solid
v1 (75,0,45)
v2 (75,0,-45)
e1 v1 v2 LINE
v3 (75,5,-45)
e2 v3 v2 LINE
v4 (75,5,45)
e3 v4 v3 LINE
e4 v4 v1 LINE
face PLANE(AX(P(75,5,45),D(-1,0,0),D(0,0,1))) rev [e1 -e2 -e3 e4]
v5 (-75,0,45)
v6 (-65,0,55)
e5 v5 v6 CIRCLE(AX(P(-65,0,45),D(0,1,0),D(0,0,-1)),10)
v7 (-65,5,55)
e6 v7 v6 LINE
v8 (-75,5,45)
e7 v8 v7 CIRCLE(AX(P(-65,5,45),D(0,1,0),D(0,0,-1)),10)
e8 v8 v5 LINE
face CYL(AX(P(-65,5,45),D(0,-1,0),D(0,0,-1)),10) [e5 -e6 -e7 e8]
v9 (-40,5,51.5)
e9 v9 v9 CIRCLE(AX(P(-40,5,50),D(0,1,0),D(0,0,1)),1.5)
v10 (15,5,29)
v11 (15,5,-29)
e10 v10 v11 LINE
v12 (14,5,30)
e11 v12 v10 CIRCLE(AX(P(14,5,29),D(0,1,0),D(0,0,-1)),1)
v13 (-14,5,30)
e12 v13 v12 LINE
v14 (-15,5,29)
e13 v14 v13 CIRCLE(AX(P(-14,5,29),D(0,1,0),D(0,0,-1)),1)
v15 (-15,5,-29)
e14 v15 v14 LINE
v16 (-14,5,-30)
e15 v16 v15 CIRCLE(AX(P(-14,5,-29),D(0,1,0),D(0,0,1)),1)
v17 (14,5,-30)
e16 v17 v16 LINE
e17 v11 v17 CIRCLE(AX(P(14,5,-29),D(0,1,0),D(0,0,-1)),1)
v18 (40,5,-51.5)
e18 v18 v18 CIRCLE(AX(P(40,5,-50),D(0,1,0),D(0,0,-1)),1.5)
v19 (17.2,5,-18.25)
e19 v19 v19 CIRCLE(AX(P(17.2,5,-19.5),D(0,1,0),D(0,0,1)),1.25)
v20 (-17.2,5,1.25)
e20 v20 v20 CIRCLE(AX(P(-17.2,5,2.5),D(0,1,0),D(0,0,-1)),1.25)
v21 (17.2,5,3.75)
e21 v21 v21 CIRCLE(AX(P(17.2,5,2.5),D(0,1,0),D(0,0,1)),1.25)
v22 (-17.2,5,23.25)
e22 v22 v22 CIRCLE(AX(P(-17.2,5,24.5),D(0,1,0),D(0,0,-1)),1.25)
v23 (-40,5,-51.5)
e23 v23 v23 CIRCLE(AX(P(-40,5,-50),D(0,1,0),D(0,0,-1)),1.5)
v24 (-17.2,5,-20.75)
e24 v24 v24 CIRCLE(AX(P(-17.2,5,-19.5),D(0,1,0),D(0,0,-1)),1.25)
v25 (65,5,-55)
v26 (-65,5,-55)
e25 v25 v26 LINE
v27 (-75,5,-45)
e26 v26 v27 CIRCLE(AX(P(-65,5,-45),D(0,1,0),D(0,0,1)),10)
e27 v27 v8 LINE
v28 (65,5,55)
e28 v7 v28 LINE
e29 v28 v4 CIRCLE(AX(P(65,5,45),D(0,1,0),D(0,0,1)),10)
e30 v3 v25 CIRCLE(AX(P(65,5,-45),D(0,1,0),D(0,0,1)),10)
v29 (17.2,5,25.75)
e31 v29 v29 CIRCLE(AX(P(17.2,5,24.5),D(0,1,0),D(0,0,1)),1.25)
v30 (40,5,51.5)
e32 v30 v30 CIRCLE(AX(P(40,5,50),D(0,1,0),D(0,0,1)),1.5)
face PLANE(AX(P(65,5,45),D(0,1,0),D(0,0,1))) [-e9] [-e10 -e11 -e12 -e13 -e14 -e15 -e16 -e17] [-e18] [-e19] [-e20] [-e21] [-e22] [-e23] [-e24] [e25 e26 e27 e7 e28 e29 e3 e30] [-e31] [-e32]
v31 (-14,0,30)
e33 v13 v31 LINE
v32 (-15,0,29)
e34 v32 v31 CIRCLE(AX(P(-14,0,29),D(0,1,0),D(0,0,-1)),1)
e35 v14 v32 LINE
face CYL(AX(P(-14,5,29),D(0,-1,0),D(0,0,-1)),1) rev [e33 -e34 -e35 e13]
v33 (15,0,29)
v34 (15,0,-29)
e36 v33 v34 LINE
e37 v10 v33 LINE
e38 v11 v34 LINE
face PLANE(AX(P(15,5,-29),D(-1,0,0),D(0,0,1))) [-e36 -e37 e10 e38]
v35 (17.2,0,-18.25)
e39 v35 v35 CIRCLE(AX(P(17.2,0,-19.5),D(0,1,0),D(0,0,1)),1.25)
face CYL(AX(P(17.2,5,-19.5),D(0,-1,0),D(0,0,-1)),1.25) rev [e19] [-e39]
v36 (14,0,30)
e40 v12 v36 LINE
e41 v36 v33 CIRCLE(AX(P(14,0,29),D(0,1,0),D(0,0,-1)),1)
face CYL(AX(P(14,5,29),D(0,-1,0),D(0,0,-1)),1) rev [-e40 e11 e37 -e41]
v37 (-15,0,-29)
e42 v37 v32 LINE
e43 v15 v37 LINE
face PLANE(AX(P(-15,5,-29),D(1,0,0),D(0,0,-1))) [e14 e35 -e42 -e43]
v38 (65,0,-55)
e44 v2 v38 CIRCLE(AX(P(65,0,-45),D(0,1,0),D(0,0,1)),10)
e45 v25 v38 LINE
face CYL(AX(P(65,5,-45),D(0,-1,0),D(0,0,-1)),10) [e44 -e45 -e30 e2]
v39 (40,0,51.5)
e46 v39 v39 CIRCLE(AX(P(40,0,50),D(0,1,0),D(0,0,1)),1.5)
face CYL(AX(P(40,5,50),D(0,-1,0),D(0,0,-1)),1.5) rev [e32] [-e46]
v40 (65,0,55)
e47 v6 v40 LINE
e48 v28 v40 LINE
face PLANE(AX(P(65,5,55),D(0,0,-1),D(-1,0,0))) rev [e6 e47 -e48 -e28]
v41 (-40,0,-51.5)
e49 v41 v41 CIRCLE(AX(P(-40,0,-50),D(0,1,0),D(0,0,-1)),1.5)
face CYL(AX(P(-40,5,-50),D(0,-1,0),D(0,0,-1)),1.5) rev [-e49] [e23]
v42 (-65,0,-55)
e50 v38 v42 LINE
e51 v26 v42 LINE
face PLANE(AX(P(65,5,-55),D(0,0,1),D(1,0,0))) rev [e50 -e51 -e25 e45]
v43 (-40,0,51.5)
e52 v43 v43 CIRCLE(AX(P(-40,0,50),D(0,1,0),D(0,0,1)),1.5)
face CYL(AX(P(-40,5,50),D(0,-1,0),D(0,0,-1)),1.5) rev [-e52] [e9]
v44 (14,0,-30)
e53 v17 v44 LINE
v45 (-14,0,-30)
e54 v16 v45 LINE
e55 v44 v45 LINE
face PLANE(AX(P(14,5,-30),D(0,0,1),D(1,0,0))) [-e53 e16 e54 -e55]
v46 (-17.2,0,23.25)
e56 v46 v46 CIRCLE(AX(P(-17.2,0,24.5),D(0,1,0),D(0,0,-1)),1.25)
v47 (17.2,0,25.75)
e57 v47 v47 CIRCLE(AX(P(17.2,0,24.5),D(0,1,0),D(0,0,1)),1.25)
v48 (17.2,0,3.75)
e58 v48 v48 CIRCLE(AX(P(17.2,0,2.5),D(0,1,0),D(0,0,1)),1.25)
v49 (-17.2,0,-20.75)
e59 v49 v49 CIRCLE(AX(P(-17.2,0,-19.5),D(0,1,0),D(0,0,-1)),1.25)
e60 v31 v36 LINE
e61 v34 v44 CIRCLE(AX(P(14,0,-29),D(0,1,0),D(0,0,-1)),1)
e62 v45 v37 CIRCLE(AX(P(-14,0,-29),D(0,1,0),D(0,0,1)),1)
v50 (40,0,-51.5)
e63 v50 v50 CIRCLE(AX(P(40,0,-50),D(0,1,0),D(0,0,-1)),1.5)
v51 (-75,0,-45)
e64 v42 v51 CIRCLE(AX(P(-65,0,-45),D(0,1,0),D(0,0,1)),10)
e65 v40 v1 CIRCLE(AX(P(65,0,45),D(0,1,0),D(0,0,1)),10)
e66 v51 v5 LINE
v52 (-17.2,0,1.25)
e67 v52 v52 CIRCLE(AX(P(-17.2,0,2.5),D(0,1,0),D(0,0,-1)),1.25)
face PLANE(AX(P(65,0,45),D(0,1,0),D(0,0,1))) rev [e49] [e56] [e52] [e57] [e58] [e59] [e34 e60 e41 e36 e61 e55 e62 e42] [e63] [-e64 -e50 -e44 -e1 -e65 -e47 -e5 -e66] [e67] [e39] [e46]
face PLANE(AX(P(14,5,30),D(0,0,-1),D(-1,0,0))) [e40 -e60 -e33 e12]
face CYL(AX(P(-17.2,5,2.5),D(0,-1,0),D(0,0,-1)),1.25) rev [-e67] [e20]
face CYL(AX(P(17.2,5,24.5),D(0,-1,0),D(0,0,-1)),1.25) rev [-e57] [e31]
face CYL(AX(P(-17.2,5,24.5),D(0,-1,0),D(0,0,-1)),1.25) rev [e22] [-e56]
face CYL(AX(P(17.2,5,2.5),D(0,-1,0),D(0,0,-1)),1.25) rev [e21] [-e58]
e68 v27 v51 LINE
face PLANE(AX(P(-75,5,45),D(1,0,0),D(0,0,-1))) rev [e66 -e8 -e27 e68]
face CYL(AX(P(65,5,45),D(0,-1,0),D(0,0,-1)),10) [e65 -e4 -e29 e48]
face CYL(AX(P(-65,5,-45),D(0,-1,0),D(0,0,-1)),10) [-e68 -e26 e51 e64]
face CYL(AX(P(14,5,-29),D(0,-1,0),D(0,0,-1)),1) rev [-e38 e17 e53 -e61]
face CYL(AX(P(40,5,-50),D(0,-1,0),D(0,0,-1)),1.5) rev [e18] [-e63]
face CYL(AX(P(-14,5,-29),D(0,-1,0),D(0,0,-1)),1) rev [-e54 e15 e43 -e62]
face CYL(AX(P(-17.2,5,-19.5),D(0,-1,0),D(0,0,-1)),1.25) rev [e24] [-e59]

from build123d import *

# Parameters (mm, degrees)
ESBO_O1_R                = 1.5
ESBO_O1_R_2              = 1.25
RESSALTO_EXTRUS_O1_DEPTH = 5


with BuildPart() as part:
    # Esboço1 → Ressalto-extrusão1 (new body)
    with BuildSketch(Plane(origin=(0, 0, 0), x_dir=(1, 0, 0), z_dir=(0, 1, 0))):
        with BuildLine():
            Line((65, -55), (-65, -55))
            ThreePointArc((-65, -55), (-72.071067812, -52.071067812), (-75, -45))
            Line((-75, -45), (-75, 45))
            ThreePointArc((-75, 45), (-72.071067812, 52.071067812), (-65, 55))
            Line((-65, 55), (65, 55))
            ThreePointArc((65, 55), (72.071067812, 52.071067812), (75, 45))
            Line((75, 45), (75, -45))
            ThreePointArc((75, -45), (72.071067812, -52.071067812), (65, -55))
        make_face()
        with Locations(Location((-40, -50, 0), (0, 0, 270))):
            Circle(ESBO_O1_R, mode=Mode.SUBTRACT)
        with Locations(Location((40, -50, 0), (0, 0, 270))):
            Circle(ESBO_O1_R, mode=Mode.SUBTRACT)
        with Locations(Location((40, 50, 0), (0, 0, 90))):
            Circle(ESBO_O1_R, mode=Mode.SUBTRACT)
        with Locations(Location((-40, 50, 0), (0, 0, 90))):
            Circle(ESBO_O1_R, mode=Mode.SUBTRACT)
        with Locations(Location((17.2, 19.5, 0), (0, 0, 270))):
            Circle(ESBO_O1_R_2, mode=Mode.SUBTRACT)
        with Locations(Location((17.2, -2.5, 0), (0, 0, 270))):
            Circle(ESBO_O1_R_2, mode=Mode.SUBTRACT)
        with Locations(Location((17.2, -24.5, 0), (0, 0, 270))):
            Circle(ESBO_O1_R_2, mode=Mode.SUBTRACT)
        with Locations(Location((-17.2, -24.5, 0), (0, 0, 90))):
            Circle(ESBO_O1_R_2, mode=Mode.SUBTRACT)
        with Locations(Location((-17.2, -2.5, 0), (0, 0, 90))):
            Circle(ESBO_O1_R_2, mode=Mode.SUBTRACT)
        with Locations(Location((-17.2, 19.5, 0), (0, 0, 90))):
            Circle(ESBO_O1_R_2, mode=Mode.SUBTRACT)
        with BuildLine():
            Line((14, 30), (-14, 30))
            ThreePointArc((-14, 30), (-14.707106781, 29.707106781), (-15, 29))
            Line((-15, 29), (-15, -29))
            ThreePointArc((-15, -29), (-14.707106781, -29.707106781), (-14, -30))
            Line((-14, -30), (14, -30))
            ThreePointArc((14, -30), (14.707106781, -29.707106781), (15, -29))
            Line((15, -29), (15, 29))
            ThreePointArc((15, 29), (14.707106781, 29.707106781), (14, 30))
        make_face(mode=Mode.SUBTRACT)
    extrude(amount=RESSALTO_EXTRUS_O1_DEPTH)


solid = part.part
